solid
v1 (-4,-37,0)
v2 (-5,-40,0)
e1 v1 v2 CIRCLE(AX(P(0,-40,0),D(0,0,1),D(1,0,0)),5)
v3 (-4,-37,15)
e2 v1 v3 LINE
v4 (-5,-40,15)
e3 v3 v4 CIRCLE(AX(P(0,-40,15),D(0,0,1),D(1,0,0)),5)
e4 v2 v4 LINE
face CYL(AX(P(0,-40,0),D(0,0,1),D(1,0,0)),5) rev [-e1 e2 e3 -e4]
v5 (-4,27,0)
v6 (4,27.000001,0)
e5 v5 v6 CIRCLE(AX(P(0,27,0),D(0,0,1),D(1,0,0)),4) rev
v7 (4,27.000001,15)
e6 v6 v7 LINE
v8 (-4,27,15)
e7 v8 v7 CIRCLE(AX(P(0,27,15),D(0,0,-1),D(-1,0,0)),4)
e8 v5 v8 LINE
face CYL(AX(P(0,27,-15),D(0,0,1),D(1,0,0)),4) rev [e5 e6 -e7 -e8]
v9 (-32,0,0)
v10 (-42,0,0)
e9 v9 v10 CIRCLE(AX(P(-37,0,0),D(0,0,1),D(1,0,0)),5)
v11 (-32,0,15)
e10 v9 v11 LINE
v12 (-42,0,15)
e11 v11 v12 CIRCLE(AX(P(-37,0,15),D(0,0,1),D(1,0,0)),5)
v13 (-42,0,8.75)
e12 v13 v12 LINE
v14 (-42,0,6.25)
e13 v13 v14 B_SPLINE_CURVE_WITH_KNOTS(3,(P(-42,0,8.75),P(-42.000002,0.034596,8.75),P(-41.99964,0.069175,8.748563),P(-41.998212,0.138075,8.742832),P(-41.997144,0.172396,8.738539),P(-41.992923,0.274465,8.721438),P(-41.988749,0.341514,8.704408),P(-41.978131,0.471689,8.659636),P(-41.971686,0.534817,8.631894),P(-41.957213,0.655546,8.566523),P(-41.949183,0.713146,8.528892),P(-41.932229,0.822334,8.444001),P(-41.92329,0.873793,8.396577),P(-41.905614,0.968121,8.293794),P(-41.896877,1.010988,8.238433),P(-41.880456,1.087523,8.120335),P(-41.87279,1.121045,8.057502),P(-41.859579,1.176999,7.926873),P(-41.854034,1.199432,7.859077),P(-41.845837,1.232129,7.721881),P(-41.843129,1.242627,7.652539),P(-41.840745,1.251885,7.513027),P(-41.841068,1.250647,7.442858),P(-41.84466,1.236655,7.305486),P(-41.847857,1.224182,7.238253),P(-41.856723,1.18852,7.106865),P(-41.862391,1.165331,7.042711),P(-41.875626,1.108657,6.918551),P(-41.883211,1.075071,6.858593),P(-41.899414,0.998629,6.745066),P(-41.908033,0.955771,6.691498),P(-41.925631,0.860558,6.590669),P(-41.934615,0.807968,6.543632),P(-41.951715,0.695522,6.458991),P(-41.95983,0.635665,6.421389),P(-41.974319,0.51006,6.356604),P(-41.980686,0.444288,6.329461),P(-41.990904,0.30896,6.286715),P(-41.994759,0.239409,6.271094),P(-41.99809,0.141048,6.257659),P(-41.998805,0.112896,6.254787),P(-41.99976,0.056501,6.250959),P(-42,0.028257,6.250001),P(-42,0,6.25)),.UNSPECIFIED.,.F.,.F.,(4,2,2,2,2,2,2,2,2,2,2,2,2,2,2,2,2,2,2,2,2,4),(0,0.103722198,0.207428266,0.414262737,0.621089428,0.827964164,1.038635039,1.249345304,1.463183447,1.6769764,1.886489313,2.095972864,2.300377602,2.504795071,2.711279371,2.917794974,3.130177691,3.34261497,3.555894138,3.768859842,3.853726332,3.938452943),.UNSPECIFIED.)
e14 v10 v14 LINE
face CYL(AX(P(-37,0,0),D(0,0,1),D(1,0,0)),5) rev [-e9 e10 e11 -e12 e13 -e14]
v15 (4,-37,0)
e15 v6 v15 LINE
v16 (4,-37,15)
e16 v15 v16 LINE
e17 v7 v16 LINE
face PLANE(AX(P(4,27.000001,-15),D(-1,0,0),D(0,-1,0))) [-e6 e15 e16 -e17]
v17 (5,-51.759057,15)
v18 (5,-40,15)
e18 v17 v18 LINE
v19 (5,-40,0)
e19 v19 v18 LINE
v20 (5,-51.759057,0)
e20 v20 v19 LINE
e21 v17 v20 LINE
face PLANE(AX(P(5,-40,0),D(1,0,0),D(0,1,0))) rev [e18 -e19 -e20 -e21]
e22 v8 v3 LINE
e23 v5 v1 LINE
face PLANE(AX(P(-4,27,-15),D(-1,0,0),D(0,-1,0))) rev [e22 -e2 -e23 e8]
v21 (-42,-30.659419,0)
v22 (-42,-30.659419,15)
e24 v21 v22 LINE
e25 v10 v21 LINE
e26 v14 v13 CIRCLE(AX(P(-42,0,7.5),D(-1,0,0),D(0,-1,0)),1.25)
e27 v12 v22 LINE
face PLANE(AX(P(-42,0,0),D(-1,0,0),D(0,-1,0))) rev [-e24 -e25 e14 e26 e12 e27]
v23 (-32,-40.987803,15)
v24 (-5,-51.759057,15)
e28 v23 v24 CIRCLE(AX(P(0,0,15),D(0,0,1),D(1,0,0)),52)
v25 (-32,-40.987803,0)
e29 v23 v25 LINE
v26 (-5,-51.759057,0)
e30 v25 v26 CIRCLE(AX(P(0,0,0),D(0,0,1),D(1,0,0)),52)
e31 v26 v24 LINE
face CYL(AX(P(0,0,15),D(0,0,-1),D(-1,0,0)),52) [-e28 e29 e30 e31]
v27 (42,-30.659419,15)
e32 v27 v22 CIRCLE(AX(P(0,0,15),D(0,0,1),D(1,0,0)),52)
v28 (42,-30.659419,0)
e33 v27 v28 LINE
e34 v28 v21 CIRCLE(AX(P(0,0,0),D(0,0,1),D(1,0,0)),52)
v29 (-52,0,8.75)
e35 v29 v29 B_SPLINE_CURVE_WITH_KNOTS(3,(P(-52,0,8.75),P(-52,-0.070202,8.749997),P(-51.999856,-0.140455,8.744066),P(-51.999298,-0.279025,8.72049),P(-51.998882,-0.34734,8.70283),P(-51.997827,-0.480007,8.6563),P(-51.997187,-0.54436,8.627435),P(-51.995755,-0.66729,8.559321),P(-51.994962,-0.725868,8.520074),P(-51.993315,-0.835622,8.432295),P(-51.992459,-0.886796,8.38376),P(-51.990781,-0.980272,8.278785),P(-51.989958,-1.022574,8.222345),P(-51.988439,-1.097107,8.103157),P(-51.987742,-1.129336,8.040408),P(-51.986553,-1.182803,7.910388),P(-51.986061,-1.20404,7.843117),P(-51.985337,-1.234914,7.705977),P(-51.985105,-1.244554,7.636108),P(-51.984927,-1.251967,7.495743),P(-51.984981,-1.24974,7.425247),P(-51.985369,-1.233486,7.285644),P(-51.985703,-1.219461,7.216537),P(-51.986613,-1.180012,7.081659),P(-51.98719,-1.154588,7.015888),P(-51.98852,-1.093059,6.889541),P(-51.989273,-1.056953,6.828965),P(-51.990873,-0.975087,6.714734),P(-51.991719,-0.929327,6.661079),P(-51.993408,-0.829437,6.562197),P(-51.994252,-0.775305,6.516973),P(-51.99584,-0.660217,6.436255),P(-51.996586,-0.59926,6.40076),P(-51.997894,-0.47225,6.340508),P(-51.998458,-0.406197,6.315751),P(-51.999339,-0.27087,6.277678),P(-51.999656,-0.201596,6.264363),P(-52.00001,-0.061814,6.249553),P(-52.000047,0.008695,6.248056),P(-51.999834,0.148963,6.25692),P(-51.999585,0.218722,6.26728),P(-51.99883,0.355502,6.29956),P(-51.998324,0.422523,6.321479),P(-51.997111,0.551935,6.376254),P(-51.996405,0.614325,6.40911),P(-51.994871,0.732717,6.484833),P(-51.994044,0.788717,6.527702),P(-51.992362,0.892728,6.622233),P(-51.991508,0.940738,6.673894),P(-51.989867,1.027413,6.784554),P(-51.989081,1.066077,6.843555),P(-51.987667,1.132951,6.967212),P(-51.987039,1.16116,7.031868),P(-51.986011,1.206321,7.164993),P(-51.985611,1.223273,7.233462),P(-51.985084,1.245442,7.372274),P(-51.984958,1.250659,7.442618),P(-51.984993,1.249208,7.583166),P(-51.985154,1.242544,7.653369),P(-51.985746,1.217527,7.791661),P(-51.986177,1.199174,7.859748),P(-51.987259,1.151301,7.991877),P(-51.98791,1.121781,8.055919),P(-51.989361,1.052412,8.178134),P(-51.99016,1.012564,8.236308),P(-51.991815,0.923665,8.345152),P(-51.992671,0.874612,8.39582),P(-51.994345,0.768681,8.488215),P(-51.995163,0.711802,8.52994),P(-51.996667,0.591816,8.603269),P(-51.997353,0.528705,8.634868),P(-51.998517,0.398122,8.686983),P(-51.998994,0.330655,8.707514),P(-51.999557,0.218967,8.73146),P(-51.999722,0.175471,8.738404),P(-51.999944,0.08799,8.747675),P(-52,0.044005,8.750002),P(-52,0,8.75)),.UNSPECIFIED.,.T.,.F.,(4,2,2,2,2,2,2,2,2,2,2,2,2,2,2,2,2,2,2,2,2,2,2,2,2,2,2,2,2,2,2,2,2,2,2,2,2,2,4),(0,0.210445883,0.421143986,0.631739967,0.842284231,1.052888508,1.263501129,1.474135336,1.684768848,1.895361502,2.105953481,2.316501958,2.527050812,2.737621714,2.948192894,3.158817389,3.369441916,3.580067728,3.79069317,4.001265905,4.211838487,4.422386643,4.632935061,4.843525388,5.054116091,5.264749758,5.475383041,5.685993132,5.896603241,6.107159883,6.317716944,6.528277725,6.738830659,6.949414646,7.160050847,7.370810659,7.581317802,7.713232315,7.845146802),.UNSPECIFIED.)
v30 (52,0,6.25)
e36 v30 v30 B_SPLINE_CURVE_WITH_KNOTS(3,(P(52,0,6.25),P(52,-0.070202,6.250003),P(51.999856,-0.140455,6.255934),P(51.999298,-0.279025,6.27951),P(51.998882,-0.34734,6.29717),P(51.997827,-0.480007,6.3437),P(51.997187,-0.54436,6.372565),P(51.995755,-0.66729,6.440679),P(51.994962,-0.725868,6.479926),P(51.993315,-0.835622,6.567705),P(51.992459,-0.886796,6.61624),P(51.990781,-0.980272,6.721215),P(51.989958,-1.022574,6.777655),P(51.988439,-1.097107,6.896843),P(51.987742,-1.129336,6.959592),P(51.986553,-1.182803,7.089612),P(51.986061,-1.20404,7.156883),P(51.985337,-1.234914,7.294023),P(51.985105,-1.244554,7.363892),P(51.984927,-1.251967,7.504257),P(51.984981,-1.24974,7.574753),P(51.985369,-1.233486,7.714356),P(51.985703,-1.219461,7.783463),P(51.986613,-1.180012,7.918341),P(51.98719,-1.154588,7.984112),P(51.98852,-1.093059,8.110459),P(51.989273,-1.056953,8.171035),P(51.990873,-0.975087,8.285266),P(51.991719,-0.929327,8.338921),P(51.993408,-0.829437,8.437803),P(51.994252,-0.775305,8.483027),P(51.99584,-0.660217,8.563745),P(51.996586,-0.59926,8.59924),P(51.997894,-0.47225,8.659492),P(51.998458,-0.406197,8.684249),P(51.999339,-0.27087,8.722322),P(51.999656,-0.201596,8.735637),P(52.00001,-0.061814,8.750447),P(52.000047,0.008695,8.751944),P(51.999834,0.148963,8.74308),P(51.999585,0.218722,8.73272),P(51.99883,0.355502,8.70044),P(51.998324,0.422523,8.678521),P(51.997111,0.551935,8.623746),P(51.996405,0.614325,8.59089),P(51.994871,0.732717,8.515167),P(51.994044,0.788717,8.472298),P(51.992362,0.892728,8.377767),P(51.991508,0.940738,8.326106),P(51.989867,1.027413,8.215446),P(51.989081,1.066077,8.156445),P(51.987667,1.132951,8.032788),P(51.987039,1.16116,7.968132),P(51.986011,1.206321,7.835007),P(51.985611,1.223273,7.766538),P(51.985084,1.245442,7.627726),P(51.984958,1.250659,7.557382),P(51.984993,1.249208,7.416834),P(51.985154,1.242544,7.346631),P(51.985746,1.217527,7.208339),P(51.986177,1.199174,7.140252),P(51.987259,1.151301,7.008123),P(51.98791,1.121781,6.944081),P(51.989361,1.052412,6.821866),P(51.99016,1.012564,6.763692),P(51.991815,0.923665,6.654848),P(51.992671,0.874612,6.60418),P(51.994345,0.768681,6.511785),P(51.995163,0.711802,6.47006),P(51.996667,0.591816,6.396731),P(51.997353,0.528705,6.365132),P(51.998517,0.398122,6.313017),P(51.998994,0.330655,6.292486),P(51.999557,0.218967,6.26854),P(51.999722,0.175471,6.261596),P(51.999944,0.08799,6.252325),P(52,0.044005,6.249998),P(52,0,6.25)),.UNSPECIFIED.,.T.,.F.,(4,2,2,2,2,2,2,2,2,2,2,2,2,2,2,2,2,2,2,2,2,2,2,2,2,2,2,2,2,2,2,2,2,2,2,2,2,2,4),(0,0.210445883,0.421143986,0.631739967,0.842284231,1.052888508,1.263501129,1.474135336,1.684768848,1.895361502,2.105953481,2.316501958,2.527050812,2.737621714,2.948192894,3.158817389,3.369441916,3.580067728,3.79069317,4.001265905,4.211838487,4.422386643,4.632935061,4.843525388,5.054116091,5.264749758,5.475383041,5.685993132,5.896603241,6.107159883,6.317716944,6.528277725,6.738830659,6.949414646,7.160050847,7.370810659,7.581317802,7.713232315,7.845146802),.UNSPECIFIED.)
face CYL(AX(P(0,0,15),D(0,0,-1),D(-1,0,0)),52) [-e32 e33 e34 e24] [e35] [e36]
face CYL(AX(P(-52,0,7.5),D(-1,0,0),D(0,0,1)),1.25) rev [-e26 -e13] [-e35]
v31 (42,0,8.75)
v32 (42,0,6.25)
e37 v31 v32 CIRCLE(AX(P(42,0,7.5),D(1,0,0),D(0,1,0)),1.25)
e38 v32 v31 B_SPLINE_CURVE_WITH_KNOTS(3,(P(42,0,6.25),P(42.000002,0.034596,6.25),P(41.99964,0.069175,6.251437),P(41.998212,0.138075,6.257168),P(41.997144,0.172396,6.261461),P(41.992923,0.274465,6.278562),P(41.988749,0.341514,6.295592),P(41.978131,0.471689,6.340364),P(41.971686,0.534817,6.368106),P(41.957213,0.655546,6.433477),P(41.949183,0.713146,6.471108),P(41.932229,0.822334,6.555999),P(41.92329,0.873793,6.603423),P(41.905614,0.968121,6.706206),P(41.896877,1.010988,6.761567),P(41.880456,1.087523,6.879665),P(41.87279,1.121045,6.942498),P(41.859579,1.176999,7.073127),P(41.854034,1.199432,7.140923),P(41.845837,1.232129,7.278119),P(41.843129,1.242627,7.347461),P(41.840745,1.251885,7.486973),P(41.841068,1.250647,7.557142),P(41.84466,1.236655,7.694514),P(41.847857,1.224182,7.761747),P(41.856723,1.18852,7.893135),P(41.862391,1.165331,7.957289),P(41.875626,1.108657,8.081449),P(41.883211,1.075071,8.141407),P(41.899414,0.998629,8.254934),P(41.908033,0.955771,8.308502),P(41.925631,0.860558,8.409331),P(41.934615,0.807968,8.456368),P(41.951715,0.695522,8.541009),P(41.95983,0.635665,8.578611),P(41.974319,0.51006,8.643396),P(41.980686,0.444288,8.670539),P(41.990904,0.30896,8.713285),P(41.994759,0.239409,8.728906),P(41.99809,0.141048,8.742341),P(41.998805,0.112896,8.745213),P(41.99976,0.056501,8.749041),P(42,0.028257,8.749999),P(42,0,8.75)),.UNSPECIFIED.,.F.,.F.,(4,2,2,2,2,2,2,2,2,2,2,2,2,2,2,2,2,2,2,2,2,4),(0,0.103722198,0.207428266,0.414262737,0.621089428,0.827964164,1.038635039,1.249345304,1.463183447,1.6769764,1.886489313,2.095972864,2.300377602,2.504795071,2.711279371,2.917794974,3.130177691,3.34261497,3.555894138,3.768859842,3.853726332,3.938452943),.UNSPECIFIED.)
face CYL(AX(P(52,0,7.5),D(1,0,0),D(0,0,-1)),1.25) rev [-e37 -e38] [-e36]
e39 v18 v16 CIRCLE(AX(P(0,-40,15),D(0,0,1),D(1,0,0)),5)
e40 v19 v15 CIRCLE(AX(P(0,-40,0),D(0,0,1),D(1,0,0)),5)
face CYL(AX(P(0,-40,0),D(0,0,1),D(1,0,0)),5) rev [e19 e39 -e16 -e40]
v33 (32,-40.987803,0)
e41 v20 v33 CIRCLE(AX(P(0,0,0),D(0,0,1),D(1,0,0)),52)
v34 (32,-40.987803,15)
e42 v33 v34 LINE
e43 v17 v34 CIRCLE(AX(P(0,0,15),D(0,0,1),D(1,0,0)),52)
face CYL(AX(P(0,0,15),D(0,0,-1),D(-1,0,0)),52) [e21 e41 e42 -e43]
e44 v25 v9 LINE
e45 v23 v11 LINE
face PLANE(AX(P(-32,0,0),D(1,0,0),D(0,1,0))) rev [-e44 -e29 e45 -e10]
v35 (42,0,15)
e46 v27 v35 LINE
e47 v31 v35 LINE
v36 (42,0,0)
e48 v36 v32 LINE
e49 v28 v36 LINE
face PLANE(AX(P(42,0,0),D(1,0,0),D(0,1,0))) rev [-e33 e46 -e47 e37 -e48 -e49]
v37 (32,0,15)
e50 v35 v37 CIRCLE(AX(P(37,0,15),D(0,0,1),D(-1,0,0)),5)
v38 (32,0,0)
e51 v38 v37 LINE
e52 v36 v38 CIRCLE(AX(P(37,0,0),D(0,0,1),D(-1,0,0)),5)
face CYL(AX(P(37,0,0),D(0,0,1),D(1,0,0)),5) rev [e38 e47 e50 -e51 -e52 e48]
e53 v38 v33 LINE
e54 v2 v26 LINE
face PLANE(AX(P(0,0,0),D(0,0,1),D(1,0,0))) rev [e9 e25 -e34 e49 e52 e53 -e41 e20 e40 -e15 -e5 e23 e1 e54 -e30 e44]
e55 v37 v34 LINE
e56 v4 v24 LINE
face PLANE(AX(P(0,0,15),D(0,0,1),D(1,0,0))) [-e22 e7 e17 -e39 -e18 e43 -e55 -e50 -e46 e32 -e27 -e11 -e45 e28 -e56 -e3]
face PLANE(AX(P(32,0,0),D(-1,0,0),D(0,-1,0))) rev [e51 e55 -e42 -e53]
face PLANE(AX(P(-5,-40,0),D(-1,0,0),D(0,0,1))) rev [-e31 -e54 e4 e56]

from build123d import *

# Parameters (mm, degrees)
SKETCH1_R              = 52
BOSS_EXTRUDE1_DEPTH    = 15
CUT_EXTRUDE1_DEPTH     = 15
CUT_EXTRUDE2_DEPTH     = 30
M3_TAPPED_HOLE1_REACH  = 119.239
M3_TAPPED_HOLE1_BORE_R = 1.25


with BuildPart() as part:
    # Sketch1 → Boss-Extrude1 (new body)
    with BuildSketch(Plane.XY):
        Circle(SKETCH1_R)
    extrude(amount=BOSS_EXTRUDE1_DEPTH)

    # Sketch2 → Cut-Extrude1 (cut)
    with BuildSketch(Plane.XY.offset(15)):
        with BuildLine():
            Line((32, 0), (32, -45))
            Line((32, -45), (42, -45))
            Line((42, -45), (42, 3.54e-07))
            ThreePointArc((42, 3.54e-07), (36.999999823, 5), (32, 0))
        make_face()
        with BuildLine():
            Line((-5, -39.999999646), (-5, -55))
            Line((-5, -55), (5, -55))
            Line((5, -55), (5, -40))
            ThreePointArc((5, -40), (1.77e-07, -35), (-5, -39.999999646))
        make_face()
        with BuildLine():
            Line((-32, -45), (-42, -45))
            Line((-42, -45), (-42, 3.54e-07))
            ThreePointArc((-42, 3.54e-07), (-36.999999823, 5), (-32, 0))
            Line((-32, 0), (-32, -45))
        make_face()
    extrude(amount=-CUT_EXTRUDE1_DEPTH, mode=Mode.SUBTRACT)

    # Sketch3 → Cut-Extrude2 (cut)
    with BuildSketch(Plane.XY.offset(15)):
        with BuildLine():
            Line((4, 27.000000608), (4, -40))
            Line((4, -40), (-4, -40))
            Line((-4, -40), (-4, 27))
            ThreePointArc((-4, 27), (-3.04e-07, 31), (4, 27.000000608))
        make_face()
    extrude(amount=-CUT_EXTRUDE2_DEPTH, mode=Mode.SUBTRACT)

    # M3 Tapped Hole1 bore → M3 Tapped Hole1 (cut, up to next)
    with BuildSketch(Plane.ZY.offset(52), mode=Mode.PRIVATE) as m3_tapped_hole1_sk1:
        with Locations((7.5, 4.2e-08)):
            Circle(M3_TAPPED_HOLE1_BORE_R)
    m3_tapped_hole1_tool1 = extrude(m3_tapped_hole1_sk1.sketch, amount=-M3_TAPPED_HOLE1_REACH, mode=Mode.PRIVATE) & part.part
    m3_tapped_hole1 = m3_tapped_hole1_tool1.solids().sort_by_distance((-52, 0, 7.5))[0]
    add(m3_tapped_hole1, mode=Mode.SUBTRACT)

    # Mirror1: M3 Tapped Hole1 across plane
    add(m3_tapped_hole1.mirror(Plane(origin=(0, 0, 0), x_dir=(0, 0, 1), z_dir=(1, 0, 0))), mode=Mode.SUBTRACT)


solid = part.part
